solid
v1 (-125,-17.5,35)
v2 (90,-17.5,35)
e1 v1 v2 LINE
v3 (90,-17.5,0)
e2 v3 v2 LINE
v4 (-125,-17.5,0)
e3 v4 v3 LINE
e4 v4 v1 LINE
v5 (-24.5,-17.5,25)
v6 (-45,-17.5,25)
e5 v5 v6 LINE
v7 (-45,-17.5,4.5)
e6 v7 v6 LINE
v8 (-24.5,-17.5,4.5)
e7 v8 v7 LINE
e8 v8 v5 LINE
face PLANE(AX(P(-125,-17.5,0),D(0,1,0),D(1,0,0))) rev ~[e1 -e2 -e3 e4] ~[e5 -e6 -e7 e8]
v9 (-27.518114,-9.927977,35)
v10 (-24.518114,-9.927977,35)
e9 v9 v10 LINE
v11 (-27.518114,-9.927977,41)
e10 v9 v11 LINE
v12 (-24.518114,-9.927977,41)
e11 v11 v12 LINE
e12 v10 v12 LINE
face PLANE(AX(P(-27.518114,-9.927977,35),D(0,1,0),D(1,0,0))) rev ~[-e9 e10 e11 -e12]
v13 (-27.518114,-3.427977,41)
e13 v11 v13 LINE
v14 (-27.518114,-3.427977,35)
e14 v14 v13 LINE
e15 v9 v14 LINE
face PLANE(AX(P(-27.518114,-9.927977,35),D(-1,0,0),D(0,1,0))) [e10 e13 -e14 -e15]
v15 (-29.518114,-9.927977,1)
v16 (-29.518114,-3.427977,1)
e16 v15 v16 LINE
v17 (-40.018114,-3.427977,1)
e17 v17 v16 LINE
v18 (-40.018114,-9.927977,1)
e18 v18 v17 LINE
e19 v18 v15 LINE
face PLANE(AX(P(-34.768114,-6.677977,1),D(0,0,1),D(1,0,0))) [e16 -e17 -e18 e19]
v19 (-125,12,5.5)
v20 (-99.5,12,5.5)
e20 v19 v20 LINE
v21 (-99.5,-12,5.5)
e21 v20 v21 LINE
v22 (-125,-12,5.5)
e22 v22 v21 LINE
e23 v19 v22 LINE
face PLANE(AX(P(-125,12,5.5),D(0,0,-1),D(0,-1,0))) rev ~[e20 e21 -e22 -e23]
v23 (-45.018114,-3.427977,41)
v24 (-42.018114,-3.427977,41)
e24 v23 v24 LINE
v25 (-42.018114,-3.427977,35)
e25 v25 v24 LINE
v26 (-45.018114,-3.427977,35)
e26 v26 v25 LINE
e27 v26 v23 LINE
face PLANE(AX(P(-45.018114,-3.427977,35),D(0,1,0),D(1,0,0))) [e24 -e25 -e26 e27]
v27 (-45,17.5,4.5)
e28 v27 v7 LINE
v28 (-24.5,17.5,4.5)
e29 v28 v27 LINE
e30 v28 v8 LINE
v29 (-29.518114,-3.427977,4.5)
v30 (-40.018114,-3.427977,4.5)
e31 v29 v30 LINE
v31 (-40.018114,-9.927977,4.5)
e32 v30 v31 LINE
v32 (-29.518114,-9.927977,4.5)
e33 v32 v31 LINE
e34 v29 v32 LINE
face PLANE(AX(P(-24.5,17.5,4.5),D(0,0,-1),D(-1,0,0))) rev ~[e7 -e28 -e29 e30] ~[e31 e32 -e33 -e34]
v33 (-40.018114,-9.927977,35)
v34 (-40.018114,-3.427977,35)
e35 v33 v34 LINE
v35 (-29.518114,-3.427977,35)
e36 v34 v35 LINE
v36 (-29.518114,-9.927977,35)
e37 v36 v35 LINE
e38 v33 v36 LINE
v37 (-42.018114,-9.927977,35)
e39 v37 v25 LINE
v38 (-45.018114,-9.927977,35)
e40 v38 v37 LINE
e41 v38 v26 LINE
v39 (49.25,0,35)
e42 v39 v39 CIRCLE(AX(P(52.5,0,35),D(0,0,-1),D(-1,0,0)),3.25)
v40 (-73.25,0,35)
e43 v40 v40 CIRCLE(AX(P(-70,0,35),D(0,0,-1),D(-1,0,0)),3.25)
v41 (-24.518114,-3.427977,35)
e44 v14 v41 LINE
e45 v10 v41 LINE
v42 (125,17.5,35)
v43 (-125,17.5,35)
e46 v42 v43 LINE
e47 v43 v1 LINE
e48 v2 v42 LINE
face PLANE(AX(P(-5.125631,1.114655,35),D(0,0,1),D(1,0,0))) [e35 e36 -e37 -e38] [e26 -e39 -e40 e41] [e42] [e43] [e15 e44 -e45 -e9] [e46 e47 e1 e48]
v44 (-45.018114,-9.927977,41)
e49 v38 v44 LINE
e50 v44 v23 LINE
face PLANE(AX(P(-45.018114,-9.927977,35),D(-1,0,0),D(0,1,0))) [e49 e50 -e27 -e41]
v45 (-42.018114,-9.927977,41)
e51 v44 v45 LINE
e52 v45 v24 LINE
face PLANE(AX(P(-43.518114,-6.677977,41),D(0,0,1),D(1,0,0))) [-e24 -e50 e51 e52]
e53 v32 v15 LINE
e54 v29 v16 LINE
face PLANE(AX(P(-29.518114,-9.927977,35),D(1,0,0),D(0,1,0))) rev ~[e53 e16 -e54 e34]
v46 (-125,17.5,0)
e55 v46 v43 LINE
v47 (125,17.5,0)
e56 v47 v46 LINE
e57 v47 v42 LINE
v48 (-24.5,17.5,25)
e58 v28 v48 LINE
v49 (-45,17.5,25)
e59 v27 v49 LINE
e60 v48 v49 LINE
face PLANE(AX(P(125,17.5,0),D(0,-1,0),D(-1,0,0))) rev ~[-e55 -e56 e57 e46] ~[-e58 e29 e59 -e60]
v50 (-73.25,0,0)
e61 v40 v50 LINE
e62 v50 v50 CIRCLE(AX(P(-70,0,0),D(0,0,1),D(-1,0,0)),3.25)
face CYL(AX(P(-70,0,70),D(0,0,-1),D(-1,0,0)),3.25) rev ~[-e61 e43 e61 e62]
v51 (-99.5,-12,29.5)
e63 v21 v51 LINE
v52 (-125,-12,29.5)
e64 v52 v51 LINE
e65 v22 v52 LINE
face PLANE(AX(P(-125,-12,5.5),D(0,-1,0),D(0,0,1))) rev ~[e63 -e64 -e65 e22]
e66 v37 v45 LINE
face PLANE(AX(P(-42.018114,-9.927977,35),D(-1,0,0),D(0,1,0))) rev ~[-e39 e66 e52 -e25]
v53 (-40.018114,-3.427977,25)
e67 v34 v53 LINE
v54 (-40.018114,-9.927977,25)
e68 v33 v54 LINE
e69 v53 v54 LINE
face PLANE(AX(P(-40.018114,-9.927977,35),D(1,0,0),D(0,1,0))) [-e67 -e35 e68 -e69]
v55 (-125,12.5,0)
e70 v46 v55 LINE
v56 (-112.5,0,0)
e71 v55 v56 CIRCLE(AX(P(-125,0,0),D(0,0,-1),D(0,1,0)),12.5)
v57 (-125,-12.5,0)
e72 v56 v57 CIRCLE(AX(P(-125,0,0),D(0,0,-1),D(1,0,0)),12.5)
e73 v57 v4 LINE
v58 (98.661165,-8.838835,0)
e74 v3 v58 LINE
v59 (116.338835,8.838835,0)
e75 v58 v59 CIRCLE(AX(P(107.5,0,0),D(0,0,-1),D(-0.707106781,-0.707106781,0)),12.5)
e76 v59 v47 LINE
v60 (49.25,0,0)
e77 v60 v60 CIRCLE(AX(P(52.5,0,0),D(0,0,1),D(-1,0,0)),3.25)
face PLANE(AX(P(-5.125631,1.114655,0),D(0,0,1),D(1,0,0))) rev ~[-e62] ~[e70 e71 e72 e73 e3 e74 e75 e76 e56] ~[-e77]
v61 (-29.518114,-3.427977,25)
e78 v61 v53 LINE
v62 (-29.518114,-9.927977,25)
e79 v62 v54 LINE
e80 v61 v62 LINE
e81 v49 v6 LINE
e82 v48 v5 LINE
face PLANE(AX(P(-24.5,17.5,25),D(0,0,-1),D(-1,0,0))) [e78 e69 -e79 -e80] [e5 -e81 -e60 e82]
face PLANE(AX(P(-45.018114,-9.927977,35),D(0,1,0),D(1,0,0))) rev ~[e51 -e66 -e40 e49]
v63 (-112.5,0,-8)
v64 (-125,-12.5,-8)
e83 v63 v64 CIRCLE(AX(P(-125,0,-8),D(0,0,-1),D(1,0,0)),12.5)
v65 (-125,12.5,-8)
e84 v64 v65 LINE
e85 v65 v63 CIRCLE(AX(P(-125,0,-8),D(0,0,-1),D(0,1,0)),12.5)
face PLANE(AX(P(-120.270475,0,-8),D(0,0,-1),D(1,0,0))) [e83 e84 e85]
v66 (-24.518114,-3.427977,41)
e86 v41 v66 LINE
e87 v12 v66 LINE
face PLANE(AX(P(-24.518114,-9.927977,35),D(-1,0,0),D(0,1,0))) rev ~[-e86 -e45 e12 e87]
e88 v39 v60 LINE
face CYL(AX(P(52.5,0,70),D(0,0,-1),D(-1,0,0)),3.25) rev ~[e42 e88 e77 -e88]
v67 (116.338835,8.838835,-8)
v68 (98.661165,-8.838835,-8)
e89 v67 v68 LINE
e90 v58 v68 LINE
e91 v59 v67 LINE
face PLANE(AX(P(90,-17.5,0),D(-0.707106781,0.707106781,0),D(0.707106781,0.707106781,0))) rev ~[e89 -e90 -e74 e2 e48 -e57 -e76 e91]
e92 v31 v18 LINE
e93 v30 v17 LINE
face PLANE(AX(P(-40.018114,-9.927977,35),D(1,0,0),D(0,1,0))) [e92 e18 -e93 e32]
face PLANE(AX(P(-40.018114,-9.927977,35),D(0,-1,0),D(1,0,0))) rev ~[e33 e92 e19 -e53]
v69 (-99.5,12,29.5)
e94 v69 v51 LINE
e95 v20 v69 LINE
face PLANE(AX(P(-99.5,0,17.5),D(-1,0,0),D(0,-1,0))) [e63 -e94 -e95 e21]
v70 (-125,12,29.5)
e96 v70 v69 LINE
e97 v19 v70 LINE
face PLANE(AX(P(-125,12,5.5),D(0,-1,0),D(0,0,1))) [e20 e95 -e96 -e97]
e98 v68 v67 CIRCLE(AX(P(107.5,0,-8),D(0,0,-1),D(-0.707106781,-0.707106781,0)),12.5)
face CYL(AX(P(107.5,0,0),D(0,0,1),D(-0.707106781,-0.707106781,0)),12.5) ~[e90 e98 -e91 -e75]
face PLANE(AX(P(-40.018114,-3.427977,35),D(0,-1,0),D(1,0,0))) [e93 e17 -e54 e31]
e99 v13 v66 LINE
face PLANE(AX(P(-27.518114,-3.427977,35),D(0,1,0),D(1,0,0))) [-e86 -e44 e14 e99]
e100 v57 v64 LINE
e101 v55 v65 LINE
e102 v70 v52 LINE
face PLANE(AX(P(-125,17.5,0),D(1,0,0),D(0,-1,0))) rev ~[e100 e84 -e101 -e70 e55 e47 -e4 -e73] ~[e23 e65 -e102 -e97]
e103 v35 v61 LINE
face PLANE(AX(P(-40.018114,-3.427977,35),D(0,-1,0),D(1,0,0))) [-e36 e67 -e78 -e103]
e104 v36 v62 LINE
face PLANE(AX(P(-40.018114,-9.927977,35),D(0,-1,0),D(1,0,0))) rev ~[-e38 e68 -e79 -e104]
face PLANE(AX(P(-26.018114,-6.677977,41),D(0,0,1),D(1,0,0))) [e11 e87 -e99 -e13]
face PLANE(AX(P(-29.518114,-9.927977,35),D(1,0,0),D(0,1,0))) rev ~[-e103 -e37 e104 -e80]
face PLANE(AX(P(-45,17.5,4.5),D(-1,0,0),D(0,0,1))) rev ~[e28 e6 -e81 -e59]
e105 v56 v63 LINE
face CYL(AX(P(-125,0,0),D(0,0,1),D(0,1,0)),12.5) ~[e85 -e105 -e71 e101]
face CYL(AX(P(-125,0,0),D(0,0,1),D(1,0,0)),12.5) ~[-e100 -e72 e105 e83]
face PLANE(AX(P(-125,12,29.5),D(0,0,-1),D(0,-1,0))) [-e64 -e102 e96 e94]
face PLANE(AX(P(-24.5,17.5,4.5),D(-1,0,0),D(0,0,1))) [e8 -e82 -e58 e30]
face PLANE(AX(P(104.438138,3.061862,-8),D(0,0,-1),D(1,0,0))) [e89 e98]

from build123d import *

# Parameters (mm, degrees)
F1_DEPTH  = 35
F3_D      = 6.5
F3_DEPTH  = 35
F3_TIP    = 1.9527970118
F4_D      = 6.5
F4_DEPTH  = 35
F4_TIP    = 1.9527970118
F6_W      = 24
F6_H      = 24
F7_DEPTH  = 25.5
F9_DEPTH  = 8
F11_DEPTH = 8
F12_W     = 20.5
F12_H     = 20.5
F13_DEPTH = 100
F14_W     = 10.5
F14_H     = 6.5
F15_DEPTH = 34
F16_W     = 3
F16_H     = 6.5
F17_DEPTH = 6


with BuildPart() as f1:
    # F0 (on Top) → F1 (new body)
    with BuildSketch(Plane.XY):
        Polygon((90, -17.5), (125, 17.5), (-125, 17.5), (-125, -17.5), align=None)
    extrude(amount=F1_DEPTH)

    # F3
    with Locations(Plane.XY.offset(35)):
        with Locations((-70, 0)):
            Hole(F3_D / 2, depth=F3_DEPTH)
            with Locations((0, 0, -(F3_DEPTH + F3_TIP / 2))):  # 118° drill point
                Cone(0, F3_D / 2, F3_TIP, mode=Mode.SUBTRACT)

    # F4
    with Locations(Plane.XY.offset(35)):
        with Locations((52.5, 0)):
            Hole(F4_D / 2, depth=F4_DEPTH)
            with Locations((0, 0, -(F4_DEPTH + F4_TIP / 2))):  # 118° drill point
                Cone(0, F4_D / 2, F4_TIP, mode=Mode.SUBTRACT)

    # F6 (on face) → F7 (cut)
    with BuildSketch(Plane(origin=(-125, 0, 0), x_dir=(0, -1, 0), z_dir=(-1, 0, 0))):
        with Locations((0, 17.5)):
            Rectangle(F6_W, F6_H)
    extrude(amount=-F7_DEPTH, mode=Mode.SUBTRACT)

    # F8 (on face) → F9 (join)
    with BuildSketch(Plane(origin=(0, 0, 0), x_dir=(1, 0, 0), z_dir=(0, 0, -1))):
        with BuildLine():
            Line((116.3388347648, -8.8388347648), (98.6611652352, 8.8388347648))
            ThreePointArc((98.6611652352, 8.8388347648), (98.6611652352, -8.8388347648), (116.3388347648, -8.8388347648))
        make_face()
    extrude(amount=F9_DEPTH)

    # F10 (on face) → F11 (join)
    with BuildSketch(Plane(origin=(0, 0, 0), x_dir=(1, 0, 0), z_dir=(0, 0, -1))):
        with BuildLine():
            ThreePointArc((-125, -12.5), (-116.1611652352, -8.8388347648), (-112.5, 0))
            ThreePointArc((-112.5, 0), (-116.1611652352, 8.8388347648), (-125, 12.5))
            Line((-125, 12.5), (-125, -12.5))
        make_face()
    extrude(amount=F11_DEPTH)

    # F12 (on face) → F13 (cut)
    with BuildSketch(Plane(origin=(0, 17.5, 0), x_dir=(-1, 0, 0), z_dir=(0, 1, 0))):
        with Locations((34.75, 14.75)):
            Rectangle(F12_W, F12_H)
    extrude(amount=-F13_DEPTH, mode=Mode.SUBTRACT)

    # F14 (on face) → F15 (cut)
    with BuildSketch(Plane.XY.offset(35)):
        with Locations((-34.7681139037, -6.6779768765)):
            Rectangle(F14_W, F14_H)
    extrude(amount=-F15_DEPTH, mode=Mode.SUBTRACT)

    # F16 (on face) → F17 (join)
    with BuildSketch(Plane.XY.offset(35)):
        with Locations((-43.5181139037, -6.6779768765)):
            Rectangle(F16_W, F16_H)
        with Locations((-26.0181139037, -6.6779768765)):
            Rectangle(F16_W, F16_H)
    extrude(amount=F17_DEPTH)


solid = f1.part
